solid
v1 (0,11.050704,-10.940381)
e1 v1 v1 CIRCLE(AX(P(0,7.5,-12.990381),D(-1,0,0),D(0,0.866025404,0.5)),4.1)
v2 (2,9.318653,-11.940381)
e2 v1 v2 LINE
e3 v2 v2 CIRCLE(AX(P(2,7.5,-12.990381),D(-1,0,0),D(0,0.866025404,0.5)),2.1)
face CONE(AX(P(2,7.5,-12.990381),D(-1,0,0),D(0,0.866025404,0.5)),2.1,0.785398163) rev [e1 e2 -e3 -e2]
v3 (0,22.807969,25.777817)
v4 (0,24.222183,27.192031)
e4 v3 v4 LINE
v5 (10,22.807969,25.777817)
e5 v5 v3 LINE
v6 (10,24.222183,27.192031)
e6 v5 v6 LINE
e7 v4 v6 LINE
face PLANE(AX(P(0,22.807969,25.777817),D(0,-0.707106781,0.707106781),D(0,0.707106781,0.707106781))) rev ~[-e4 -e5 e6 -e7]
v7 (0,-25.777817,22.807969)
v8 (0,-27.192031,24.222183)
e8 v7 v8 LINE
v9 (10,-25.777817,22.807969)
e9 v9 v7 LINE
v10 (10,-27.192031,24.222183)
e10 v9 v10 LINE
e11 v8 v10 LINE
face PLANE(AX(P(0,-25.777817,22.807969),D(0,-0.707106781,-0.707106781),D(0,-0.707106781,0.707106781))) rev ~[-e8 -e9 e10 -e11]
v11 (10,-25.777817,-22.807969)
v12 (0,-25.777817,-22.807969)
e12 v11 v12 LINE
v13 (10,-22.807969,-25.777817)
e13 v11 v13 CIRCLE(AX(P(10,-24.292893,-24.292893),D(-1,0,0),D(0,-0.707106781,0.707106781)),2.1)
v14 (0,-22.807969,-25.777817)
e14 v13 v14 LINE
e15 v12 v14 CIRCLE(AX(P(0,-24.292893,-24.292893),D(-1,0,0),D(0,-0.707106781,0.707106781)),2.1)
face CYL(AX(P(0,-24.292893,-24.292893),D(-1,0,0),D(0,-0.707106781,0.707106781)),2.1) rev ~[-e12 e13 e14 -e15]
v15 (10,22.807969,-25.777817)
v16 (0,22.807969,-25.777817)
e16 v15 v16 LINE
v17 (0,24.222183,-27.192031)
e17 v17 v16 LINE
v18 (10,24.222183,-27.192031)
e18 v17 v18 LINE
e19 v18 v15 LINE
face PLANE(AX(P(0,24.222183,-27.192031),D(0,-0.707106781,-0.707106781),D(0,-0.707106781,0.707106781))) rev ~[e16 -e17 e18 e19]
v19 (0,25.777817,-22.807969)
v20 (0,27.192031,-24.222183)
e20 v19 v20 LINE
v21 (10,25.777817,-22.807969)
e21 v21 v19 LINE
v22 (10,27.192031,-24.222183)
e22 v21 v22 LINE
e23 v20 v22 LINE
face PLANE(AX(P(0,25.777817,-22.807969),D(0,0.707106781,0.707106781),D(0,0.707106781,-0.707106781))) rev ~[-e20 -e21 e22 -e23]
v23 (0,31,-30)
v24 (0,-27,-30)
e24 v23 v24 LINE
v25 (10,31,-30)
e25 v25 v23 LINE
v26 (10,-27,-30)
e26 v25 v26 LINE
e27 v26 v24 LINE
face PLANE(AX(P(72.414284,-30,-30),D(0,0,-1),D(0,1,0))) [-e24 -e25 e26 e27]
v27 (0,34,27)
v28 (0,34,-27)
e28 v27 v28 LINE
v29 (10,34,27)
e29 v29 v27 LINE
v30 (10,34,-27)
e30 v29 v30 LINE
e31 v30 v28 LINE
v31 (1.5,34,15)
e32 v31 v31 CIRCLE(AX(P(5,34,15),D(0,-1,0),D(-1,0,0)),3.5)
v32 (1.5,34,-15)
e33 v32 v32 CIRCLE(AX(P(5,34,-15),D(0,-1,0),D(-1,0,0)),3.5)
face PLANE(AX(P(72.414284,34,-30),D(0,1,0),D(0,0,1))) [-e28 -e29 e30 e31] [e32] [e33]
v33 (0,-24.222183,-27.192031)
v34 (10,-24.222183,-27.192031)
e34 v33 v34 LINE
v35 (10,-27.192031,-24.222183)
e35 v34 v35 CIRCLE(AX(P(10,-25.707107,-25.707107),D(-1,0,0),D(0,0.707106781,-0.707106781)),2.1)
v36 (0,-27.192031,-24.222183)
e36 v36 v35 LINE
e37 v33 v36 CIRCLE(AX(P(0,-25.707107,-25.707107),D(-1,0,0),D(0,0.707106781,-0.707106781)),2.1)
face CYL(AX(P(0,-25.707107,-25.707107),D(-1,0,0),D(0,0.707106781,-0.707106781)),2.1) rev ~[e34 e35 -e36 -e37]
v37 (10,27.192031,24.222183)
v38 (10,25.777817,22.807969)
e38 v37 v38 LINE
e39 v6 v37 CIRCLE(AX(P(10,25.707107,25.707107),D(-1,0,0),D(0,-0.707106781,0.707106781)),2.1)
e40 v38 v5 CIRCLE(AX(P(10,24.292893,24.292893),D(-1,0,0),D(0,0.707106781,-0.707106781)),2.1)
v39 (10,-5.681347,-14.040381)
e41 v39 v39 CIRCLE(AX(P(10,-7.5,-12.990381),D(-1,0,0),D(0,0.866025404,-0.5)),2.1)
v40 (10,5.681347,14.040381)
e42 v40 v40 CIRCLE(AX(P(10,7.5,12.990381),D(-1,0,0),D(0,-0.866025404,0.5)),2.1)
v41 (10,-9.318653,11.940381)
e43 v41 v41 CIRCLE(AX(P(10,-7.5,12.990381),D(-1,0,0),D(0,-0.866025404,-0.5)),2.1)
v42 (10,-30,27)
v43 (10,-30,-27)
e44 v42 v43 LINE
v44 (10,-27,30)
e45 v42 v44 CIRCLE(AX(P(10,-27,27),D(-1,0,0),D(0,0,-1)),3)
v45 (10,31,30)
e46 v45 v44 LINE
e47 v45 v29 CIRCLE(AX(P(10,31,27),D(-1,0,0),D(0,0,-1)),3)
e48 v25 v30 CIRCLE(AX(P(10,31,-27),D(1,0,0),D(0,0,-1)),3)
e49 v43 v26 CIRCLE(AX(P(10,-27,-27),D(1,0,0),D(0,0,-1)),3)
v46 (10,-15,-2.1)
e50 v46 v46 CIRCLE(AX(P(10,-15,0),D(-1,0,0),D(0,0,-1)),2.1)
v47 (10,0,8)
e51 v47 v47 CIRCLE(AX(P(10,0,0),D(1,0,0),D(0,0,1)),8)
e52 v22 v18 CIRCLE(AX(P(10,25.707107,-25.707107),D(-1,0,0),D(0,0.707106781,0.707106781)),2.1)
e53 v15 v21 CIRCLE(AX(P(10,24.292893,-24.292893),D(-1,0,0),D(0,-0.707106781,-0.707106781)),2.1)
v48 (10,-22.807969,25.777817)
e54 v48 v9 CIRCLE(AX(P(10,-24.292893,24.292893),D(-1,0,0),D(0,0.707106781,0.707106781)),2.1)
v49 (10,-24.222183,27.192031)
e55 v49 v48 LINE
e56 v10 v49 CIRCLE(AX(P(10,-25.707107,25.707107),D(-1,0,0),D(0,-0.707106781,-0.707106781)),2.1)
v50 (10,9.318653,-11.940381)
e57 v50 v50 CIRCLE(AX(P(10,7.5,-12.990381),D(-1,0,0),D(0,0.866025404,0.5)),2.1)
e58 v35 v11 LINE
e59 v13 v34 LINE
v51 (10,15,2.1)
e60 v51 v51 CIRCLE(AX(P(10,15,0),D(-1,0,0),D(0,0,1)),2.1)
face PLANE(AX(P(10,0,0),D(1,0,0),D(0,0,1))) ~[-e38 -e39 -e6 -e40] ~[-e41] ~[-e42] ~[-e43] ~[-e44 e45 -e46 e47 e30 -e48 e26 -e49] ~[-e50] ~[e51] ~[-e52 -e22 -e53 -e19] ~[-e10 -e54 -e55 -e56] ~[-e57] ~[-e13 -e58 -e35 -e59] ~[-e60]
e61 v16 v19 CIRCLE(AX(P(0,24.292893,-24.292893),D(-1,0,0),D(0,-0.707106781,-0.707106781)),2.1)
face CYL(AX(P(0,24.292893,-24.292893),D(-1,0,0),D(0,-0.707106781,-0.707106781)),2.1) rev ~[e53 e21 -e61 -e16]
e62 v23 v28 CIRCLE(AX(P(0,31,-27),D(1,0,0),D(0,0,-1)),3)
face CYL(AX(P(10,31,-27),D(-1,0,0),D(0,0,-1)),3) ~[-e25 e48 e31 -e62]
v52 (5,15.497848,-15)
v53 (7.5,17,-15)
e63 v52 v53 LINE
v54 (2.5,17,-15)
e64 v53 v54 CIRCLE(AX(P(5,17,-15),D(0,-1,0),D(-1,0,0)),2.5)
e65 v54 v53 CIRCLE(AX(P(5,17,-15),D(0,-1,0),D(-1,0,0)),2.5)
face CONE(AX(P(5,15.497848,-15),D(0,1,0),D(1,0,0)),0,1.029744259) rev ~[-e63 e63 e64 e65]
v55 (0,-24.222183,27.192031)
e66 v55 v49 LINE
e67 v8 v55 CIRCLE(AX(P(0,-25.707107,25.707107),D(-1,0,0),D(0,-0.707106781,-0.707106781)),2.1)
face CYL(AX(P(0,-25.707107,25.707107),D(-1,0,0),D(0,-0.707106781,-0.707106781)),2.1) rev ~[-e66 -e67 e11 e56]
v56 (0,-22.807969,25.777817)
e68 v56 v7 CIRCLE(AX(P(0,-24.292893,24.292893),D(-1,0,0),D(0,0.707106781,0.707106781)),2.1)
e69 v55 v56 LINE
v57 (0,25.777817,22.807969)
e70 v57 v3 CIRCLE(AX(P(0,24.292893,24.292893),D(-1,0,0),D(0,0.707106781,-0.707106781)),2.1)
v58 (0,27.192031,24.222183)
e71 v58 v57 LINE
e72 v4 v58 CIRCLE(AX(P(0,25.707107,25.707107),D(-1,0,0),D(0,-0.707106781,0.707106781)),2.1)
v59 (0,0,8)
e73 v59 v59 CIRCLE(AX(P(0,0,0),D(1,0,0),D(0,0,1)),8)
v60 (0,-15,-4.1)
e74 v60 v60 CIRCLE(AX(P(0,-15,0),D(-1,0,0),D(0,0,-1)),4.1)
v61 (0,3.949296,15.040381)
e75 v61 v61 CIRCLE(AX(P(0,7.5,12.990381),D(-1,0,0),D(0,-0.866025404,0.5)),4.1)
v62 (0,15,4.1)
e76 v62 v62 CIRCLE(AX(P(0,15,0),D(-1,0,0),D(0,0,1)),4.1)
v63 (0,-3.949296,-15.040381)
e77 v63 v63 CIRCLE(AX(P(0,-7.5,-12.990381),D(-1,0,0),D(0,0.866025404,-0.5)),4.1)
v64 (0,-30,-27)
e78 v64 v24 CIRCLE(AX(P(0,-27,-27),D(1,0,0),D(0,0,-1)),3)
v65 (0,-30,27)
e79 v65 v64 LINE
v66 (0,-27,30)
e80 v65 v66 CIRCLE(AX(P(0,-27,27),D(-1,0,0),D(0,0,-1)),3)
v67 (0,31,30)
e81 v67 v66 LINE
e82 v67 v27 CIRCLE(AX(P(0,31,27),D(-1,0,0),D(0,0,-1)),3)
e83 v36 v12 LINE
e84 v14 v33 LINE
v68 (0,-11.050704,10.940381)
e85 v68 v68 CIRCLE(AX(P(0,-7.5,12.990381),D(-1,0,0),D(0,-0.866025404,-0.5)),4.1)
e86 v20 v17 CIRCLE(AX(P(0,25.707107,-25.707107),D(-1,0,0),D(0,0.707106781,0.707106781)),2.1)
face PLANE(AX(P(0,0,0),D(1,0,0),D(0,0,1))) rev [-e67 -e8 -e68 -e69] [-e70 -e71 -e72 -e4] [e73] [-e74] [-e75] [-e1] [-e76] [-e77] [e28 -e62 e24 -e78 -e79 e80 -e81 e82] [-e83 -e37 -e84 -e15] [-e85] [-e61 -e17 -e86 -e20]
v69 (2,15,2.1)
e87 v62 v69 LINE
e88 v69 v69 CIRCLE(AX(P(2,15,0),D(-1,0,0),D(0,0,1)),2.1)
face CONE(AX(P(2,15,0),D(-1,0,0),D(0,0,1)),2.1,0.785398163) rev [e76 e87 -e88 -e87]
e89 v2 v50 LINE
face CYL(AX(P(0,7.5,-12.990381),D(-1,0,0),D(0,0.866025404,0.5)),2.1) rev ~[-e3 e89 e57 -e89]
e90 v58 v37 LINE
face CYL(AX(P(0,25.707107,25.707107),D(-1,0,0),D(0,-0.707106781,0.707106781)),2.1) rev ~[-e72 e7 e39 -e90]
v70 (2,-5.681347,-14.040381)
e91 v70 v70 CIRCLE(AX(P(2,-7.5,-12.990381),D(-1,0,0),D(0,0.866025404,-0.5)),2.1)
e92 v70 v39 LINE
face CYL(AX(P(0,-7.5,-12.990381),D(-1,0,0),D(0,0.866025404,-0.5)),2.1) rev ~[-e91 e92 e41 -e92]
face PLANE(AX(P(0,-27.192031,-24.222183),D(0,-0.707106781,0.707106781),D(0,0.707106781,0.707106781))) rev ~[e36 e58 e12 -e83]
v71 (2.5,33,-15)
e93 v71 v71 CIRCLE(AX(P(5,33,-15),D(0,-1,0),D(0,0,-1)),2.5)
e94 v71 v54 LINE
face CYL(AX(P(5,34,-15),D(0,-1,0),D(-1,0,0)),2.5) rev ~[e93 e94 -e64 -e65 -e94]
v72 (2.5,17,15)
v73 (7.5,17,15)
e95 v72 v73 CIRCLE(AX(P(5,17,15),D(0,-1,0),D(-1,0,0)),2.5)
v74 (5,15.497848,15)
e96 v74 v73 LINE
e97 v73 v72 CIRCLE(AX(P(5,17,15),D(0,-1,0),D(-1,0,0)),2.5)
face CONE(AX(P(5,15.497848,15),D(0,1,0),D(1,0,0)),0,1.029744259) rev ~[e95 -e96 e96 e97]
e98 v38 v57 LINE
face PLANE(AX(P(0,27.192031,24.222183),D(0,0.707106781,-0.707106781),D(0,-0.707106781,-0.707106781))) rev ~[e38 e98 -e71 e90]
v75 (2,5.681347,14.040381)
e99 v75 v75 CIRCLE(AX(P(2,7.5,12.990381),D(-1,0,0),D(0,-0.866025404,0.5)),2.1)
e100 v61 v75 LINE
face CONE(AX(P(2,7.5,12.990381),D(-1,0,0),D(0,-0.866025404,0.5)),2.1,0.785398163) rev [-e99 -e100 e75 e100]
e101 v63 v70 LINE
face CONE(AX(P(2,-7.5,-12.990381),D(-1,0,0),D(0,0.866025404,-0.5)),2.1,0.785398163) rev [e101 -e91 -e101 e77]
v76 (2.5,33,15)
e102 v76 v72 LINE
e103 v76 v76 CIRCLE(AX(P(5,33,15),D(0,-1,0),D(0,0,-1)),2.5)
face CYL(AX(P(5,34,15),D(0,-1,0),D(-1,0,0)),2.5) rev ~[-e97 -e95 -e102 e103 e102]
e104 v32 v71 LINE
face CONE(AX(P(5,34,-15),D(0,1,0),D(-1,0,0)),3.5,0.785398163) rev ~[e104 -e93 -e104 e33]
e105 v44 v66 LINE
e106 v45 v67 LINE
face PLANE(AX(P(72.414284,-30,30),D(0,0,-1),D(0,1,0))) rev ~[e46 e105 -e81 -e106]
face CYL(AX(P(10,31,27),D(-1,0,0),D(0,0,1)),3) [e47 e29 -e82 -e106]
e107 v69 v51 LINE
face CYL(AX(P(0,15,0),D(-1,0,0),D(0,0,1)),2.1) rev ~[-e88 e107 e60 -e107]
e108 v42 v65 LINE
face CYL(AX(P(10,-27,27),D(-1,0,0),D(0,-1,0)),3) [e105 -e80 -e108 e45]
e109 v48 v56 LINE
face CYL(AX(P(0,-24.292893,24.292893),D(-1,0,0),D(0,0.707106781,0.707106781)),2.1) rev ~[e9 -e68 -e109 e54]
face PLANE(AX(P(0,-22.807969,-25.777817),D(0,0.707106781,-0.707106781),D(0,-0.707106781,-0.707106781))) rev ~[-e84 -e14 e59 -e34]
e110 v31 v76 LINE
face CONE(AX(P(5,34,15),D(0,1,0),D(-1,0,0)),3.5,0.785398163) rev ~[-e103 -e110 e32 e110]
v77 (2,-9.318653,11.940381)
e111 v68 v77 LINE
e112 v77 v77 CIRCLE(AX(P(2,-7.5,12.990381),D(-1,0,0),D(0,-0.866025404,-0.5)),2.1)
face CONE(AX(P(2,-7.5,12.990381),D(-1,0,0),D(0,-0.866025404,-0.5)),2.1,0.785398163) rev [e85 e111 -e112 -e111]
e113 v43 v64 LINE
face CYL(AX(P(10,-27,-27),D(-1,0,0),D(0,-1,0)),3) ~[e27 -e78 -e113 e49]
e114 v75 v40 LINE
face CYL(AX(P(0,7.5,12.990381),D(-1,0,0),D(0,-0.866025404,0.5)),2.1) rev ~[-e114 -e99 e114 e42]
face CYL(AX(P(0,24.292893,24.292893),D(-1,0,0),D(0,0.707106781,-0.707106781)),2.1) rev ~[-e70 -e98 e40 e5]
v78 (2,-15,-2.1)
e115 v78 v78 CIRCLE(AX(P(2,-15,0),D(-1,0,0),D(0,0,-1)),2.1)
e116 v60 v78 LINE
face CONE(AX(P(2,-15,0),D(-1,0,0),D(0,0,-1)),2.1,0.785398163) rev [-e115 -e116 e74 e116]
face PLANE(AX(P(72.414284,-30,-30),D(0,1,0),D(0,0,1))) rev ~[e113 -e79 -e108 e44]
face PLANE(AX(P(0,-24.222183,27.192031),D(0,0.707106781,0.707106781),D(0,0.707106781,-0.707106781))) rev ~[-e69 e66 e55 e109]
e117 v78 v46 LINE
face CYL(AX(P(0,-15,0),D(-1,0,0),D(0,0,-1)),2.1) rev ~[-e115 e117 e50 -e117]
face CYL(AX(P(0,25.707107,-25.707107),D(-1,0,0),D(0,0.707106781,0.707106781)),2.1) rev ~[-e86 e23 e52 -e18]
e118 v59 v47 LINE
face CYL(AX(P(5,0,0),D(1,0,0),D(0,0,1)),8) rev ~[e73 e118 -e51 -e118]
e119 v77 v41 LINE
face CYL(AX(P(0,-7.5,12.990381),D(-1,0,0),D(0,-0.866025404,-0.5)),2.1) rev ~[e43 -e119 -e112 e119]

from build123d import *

# Parameters (mm, degrees)
SKETCH_1_W                  = 10
SKETCH_1_H                  = 42
CUT_EXTRUDE_4_DEPTH         = 72.414284285
CUT_EXTRUDE_4_DEPTH_BACK    = 72.414284285
SKETCH_7_R                  = 50
SKETCH_7_W                  = 60
SKETCH_7_H                  = 64
CUT_EXTRUDE_2_REACH         = 48.433
SKETCH_5_R                  = 2.1
PATTERN_CIRCULAR_1_COUNT    = 6
CUT_EXTRUDE_3_DEPTH         = 47.432747065
PATTERN_CIRCULAR_2_COUNT    = 4
HOLE_WIZARD_M61_D           = 5
HOLE_WIZARD_M61_DEPTH       = 17
HOLE_WIZARD_M61_CSINK_D     = 7
HOLE_WIZARD_M61_CSINK_ANGLE = 90
HOLE_WIZARD_M61_TIP         = 1.502151548
CHAMFER_1_SIZE              = 2
FILLET_1_R                  = 3


with BuildPart() as part:
    # Эскиз1 → Повернуть1 (revolve)
    with BuildSketch(Plane.XY, mode=Mode.PRIVATE) as revolve_1_sk:
        with Locations((5, 29)):
            Rectangle(SKETCH_1_W, SKETCH_1_H)
    revolve(revolve_1_sk.sketch.rotate(Axis((-29.36512031, 0, 0), (1, 0, 0)), 90), axis=Axis((-29.36512031, 0, 0), (1, 0, 0)))

    # Эскиз7 → Вырез-Вытянуть4 (cut, two sides: drawn at the far end of the back side and taken through both)
    with BuildSketch(Plane.ZY.offset(-CUT_EXTRUDE_4_DEPTH_BACK)):
        Circle(SKETCH_7_R)
        with Locations((0, 2)):
            Rectangle(SKETCH_7_W, SKETCH_7_H, mode=Mode.SUBTRACT)
    extrude(amount=CUT_EXTRUDE_4_DEPTH + CUT_EXTRUDE_4_DEPTH_BACK, mode=Mode.SUBTRACT)

    # Эскиз5 → Вырез-Вытянуть2 (cut, up to next)
    with BuildSketch(Plane.ZY, mode=Mode.PRIVATE) as cut_extrude_2_sk1:
        with Locations((0, 15)):
            Circle(SKETCH_5_R)
    cut_extrude_2_tool1 = extrude(cut_extrude_2_sk1.sketch, amount=-CUT_EXTRUDE_2_REACH, mode=Mode.PRIVATE) & part.part
    cut_extrude_2 = cut_extrude_2_tool1.solids().sort_by_distance((0, 15, 0))[0]
    add(cut_extrude_2, mode=Mode.SUBTRACT)

    # Круговой массив1: Вырез-Вытянуть2 ×6 about axis
    pattern_circular_1_axis = Axis((0, 0, 0), (1, 0, 0))
    for i in range(1, PATTERN_CIRCULAR_1_COUNT):
        add(cut_extrude_2.rotate(pattern_circular_1_axis, i * 360 / PATTERN_CIRCULAR_1_COUNT), mode=Mode.SUBTRACT)

    # Эскиз6 → Вырез-Вытянуть3 (cut, symmetric)
    with BuildSketch(Plane.ZY):
        with BuildLine():
            Line((-27.192031022, 24.222182541), (-25.777817459, 22.807968978))
            ThreePointArc((-25.777817459, 22.807968978), (-22.807968978, 22.807968978), (-22.807968978, 25.777817459))
            Line((-22.807968978, 25.777817459), (-24.222182541, 27.192031022))
            ThreePointArc((-24.222182541, 27.192031022), (-27.192031022, 27.192031022), (-27.192031022, 24.222182541))
        make_face()
    cut_extrude_3 = extrude(amount=CUT_EXTRUDE_3_DEPTH, both=True, mode=Mode.SUBTRACT)

    # Круговой массив2: Вырез-Вытянуть3 ×4 about axis
    pattern_circular_2_axis = Axis((0, 0, 0), (1, 0, 0))
    for i in range(1, PATTERN_CIRCULAR_2_COUNT):
        add(cut_extrude_3.rotate(pattern_circular_2_axis, i * 360 / PATTERN_CIRCULAR_2_COUNT), mode=Mode.SUBTRACT)

    # Отверстие обработанное метчиком M61
    with Locations(Plane(origin=(0, 34, 0), x_dir=(1, 0, 0), z_dir=(0, 1, 0))):
        with Locations((5, 15), (5, -15)):
            CounterSinkHole(HOLE_WIZARD_M61_D / 2, HOLE_WIZARD_M61_CSINK_D / 2, depth=HOLE_WIZARD_M61_DEPTH, counter_sink_angle=HOLE_WIZARD_M61_CSINK_ANGLE)
            with Locations((0, 0, -(HOLE_WIZARD_M61_DEPTH + HOLE_WIZARD_M61_TIP / 2))):  # 118° drill point
                Cone(0, HOLE_WIZARD_M61_D / 2, HOLE_WIZARD_M61_TIP, mode=Mode.SUBTRACT)

    # Фаска1
    chamfer_1_edges = [part.edges().sort_by_distance(p)[0] for p in [
        (0, 15, -2.1),
        (0, 9.318653348, 11.940381057),
        (0, -5.681346652, 14.040381057),
        (0, -15, 2.1),
        (0, -9.318653348, -11.940381057),
        (0, 5.681346652, -14.040381057),
    ]]
    chamfer(chamfer_1_edges, length=CHAMFER_1_SIZE)

    # Скругление1
    fillet_1_edges = [part.edges().sort_by_distance(p)[0] for p in [
        (5, 34, -30),
        (5, 34, 30),
        (5, -30, 30),
        (5, -30, -30),
    ]]
    fillet(fillet_1_edges, radius=FILLET_1_R)


solid = part.part
